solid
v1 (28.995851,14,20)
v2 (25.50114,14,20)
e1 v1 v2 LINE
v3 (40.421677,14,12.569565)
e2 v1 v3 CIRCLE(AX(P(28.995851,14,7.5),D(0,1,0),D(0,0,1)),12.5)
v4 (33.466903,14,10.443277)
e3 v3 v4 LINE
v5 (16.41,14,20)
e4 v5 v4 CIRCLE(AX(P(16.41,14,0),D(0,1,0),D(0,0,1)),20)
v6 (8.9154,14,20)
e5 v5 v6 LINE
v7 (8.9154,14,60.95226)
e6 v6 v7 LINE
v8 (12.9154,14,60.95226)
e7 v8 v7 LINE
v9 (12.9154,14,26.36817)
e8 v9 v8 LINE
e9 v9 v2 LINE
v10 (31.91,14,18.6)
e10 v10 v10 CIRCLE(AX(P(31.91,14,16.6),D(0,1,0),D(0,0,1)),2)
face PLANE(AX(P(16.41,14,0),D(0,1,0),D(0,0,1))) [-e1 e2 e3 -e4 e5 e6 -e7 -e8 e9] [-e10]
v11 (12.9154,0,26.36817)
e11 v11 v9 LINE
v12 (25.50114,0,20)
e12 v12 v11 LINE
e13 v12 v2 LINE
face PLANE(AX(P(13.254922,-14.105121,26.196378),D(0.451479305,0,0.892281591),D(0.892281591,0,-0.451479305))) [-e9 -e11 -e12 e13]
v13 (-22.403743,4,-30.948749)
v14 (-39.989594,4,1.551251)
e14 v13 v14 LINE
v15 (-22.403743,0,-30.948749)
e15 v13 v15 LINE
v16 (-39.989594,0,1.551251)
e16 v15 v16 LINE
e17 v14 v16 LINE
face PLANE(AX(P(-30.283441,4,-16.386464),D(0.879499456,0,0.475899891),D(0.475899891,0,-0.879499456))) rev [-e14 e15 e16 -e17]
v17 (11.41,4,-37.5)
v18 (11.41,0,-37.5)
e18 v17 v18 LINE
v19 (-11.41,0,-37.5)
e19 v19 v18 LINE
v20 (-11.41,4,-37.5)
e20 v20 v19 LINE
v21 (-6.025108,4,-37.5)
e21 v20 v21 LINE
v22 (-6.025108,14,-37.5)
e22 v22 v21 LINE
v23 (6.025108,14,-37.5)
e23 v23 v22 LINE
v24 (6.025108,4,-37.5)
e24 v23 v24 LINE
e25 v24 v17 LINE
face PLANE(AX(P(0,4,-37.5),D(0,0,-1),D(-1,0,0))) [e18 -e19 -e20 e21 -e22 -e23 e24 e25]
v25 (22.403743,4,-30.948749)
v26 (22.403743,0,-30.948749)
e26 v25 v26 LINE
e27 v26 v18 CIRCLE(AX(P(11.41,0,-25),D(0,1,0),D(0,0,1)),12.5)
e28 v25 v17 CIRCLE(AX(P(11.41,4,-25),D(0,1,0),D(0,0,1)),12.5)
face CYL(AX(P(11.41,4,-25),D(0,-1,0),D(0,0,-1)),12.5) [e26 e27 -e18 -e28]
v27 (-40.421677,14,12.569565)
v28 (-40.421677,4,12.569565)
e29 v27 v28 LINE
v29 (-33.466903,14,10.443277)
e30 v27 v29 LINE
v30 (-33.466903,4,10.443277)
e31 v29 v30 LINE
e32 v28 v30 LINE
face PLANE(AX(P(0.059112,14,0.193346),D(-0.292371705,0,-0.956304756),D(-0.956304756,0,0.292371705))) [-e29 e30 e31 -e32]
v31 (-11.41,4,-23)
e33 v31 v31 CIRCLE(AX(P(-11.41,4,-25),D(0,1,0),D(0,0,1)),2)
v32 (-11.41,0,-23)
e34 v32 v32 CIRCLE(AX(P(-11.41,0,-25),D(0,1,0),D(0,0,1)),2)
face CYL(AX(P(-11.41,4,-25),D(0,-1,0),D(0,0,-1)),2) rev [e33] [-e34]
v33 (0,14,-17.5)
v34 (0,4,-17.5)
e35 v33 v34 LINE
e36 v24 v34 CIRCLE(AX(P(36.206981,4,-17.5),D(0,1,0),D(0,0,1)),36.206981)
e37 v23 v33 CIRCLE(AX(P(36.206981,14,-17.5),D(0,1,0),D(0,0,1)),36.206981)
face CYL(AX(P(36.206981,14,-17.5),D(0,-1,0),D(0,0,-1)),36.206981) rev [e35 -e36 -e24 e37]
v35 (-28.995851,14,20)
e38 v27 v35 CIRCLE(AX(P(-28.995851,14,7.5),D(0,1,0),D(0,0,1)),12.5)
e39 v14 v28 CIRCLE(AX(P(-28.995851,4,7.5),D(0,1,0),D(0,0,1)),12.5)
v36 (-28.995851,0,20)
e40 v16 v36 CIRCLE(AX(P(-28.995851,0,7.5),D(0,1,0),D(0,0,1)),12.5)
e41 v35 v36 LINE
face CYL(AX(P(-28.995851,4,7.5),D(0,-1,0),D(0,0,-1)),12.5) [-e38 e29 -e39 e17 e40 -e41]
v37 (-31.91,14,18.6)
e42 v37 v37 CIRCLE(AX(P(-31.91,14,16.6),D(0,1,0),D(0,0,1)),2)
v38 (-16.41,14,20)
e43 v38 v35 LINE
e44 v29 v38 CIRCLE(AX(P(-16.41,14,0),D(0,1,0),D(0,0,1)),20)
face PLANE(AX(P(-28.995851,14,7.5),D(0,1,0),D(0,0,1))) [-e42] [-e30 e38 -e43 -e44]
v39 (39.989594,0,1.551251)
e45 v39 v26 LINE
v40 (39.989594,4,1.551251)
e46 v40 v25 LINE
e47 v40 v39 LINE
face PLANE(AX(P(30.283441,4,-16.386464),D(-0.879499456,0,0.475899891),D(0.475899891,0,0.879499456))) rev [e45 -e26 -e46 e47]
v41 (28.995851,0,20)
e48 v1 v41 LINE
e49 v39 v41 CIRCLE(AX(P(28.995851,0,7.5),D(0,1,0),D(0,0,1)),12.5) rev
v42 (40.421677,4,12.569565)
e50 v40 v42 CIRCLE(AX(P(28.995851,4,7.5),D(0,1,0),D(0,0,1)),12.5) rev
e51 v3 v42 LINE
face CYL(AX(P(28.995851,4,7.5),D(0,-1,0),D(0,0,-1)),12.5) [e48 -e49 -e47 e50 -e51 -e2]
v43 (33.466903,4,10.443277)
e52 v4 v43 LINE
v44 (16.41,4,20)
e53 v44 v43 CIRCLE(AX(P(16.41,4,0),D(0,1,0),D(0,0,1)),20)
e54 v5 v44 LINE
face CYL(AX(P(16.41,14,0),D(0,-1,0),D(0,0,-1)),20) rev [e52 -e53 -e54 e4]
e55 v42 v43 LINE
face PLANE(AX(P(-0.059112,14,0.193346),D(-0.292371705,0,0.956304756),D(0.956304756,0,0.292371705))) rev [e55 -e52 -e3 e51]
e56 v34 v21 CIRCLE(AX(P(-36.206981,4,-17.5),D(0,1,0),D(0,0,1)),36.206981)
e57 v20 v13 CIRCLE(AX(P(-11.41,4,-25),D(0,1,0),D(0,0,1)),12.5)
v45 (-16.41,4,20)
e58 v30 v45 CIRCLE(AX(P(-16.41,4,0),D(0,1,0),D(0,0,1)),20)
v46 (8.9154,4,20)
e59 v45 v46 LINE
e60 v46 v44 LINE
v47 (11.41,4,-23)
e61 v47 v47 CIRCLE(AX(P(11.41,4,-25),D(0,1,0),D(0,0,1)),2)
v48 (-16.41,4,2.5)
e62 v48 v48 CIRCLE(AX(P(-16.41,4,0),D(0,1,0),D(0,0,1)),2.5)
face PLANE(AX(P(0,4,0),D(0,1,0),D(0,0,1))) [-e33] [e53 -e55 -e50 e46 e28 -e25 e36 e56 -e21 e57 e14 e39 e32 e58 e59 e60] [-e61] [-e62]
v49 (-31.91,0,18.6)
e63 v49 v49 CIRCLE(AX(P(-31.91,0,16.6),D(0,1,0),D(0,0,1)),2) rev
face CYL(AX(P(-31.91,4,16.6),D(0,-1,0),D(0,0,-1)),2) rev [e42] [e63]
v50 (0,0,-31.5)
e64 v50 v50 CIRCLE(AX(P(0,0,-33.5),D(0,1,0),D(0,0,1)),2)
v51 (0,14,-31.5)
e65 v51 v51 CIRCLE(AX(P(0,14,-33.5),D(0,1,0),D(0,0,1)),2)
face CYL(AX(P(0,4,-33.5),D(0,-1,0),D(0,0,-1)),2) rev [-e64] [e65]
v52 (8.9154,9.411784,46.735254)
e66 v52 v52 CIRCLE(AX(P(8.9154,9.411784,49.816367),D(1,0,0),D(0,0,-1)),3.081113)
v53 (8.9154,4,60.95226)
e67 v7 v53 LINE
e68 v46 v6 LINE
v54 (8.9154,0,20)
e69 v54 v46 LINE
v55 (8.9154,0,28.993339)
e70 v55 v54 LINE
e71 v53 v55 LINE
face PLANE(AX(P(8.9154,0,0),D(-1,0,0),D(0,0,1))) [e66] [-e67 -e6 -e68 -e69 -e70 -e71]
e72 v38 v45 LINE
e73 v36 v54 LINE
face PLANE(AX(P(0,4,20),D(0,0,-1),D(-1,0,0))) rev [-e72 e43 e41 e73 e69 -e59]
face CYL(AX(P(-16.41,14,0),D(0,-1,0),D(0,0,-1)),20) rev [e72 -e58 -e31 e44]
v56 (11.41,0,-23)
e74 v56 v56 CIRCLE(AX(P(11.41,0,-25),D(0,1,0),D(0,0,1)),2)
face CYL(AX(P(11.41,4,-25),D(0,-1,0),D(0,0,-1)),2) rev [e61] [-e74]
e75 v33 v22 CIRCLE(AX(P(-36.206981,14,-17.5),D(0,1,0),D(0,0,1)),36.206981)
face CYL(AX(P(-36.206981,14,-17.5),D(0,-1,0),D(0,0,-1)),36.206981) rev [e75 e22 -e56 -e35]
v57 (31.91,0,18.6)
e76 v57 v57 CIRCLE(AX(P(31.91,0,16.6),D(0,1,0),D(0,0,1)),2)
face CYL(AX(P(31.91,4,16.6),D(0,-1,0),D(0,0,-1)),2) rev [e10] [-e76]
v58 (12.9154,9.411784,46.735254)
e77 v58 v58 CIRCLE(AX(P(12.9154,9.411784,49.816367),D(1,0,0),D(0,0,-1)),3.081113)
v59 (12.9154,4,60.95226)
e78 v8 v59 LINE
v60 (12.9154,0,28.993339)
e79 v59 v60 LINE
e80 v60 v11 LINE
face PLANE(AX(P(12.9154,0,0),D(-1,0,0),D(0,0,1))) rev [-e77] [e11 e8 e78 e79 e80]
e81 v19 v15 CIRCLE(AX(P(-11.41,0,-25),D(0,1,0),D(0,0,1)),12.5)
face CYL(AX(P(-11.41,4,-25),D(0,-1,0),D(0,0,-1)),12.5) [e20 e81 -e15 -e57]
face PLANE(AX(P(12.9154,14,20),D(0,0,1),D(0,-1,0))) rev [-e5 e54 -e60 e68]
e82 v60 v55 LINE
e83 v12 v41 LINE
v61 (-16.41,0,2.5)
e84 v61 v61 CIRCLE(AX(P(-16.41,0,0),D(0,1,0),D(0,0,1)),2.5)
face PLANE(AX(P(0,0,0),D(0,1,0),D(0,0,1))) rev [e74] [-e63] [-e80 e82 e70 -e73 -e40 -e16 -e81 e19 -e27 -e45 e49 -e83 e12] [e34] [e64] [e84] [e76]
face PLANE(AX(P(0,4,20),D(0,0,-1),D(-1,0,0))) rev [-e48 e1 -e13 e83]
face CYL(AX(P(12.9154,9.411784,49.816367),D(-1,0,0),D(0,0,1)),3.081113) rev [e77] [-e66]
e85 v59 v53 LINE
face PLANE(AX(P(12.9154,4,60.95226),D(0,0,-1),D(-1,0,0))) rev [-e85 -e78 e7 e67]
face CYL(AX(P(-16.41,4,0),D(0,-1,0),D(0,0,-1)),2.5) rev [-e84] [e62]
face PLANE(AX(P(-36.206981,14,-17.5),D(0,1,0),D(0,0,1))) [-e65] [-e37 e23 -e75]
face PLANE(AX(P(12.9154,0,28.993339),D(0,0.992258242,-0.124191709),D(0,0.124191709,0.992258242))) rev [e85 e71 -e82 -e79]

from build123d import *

# Parameters (mm, degrees)
SKETCH1_R           = 2.5
SKETCH1_R_2         = 2
BOSS_EXTRUDE1_DEPTH = 4
BOSS_EXTRUDE2_START = 4
SKETCH1_3_R         = 2
BOSS_EXTRUDE2_DEPTH = 10
BOSS_EXTRUDE4_START = 8.9154
SKETCH4_R           = 3.081113055
BOSS_EXTRUDE4_DEPTH = 4
BOSS_EXTRUDE5_DEPTH = 14


with BuildPart() as part:
    # Sketch1 → Boss-Extrude1 (new body)
    with BuildSketch(Plane(origin=(0, 0, 0), x_dir=(1, 0, 0), z_dir=(0, 1, 0))):
        with BuildLine():
            Line((-11.41, 37.5), (11.41, 37.5))
            ThreePointArc((11.41, 37.5), (17.8088531, 35.73800163), (22.403743203, 30.948748641))
            Line((22.403743203, 30.948748641), (39.989594287, -1.551251359))
            ThreePointArc((39.989594287, -1.551251359), (39.733852714, -13.8988531), (28.995851084, -20))
            Line((28.995851084, -20), (-28.995851084, -20))
            ThreePointArc((-28.995851084, -20), (-39.733852714, -13.8988531), (-39.989594287, -1.551251359))
            Line((-39.989594287, -1.551251359), (-22.403743203, 30.948748641))
            ThreePointArc((-22.403743203, 30.948748641), (-17.8088531, 35.73800163), (-11.41, 37.5))
        make_face()
        with Locations((-16.41, 0)):
            Circle(SKETCH1_R, mode=Mode.SUBTRACT)
        with Locations((-11.41, 25)):
            Circle(SKETCH1_R_2, mode=Mode.SUBTRACT)
        with Locations((11.41, 25)):
            Circle(SKETCH1_R_2, mode=Mode.SUBTRACT)
        with Locations((0, 33.5)):
            Circle(SKETCH1_R_2, mode=Mode.SUBTRACT)
        with Locations((31.91, -16.6)):
            Circle(SKETCH1_R_2, mode=Mode.SUBTRACT)
        with Locations((-31.91, -16.6)):
            Circle(SKETCH1_R_2, mode=Mode.SUBTRACT)
    extrude(amount=BOSS_EXTRUDE1_DEPTH)

    # Sketch1_3 → Boss-Extrude2 (add)
    with BuildSketch(Plane(origin=(0, 0, 0), x_dir=(1, 0, 0), z_dir=(0, 1, 0)).offset(BOSS_EXTRUDE2_START)):
        with BuildLine():
            ThreePointArc((-16.41, -20), (-26.18584907, -17.448002034), (-33.466903445, -10.443277496))
            Line((-33.466903445, -10.443277496), (-40.421677434, -12.569565287))
            ThreePointArc((-40.421677434, -12.569565287), (-35.810557017, -17.979016321), (-28.995851084, -20))
            Line((-28.995851084, -20), (-16.41, -20))
        make_face()
        with Locations((-31.91, -16.6)):
            Circle(SKETCH1_3_R, mode=Mode.SUBTRACT)
        with BuildLine():
            ThreePointArc((33.466903445, -10.443277496), (26.18584907, -17.448002034), (16.41, -20))
            Line((16.41, -20), (28.995851084, -20))
            ThreePointArc((28.995851084, -20), (35.810557017, -17.979016321), (40.421677434, -12.569565287))
            Line((40.421677434, -12.569565287), (33.466903445, -10.443277496))
        make_face()
        with Locations((31.91, -16.6)):
            Circle(SKETCH1_3_R, mode=Mode.SUBTRACT)
        with BuildLine():
            Line((6.025107723, 37.5), (-6.025107723, 37.5))
            ThreePointArc((-6.025107723, 37.5), (-1.538984336, 27.943920757), (0, 17.5))
            ThreePointArc((0, 17.5), (1.538984336, 27.943920757), (6.025107723, 37.5))
        make_face()
        with Locations((0, 33.5)):
            Circle(SKETCH1_3_R, mode=Mode.SUBTRACT)
    extrude(amount=BOSS_EXTRUDE2_DEPTH)

    # Sketch4 → Boss-Extrude4 (add)
    with BuildSketch(Plane(origin=(0, 0, 0), x_dir=(0, 0, -1), z_dir=(1, 0, 0)).offset(BOSS_EXTRUDE4_START)):
        Polygon((-20, 0), (-28.99333943, 0), (-60.952260121, 4), (-60.952260121, 14), (-20, 14), align=None)
        with Locations((-49.816366974, 9.411784345)):
            Circle(SKETCH4_R, mode=Mode.SUBTRACT)
    extrude(amount=BOSS_EXTRUDE4_DEPTH)

    # Sketch5 → Boss-Extrude5 (add)
    with BuildSketch(Plane(origin=(0, 14, 0), x_dir=(1, 0, 0), z_dir=(0, 1, 0))):
        Polygon((12.9154, -20), (12.9154, -26.368170387), (25.501140128, -20), align=None)
    extrude(amount=-BOSS_EXTRUDE5_DEPTH)


solid = part.part
